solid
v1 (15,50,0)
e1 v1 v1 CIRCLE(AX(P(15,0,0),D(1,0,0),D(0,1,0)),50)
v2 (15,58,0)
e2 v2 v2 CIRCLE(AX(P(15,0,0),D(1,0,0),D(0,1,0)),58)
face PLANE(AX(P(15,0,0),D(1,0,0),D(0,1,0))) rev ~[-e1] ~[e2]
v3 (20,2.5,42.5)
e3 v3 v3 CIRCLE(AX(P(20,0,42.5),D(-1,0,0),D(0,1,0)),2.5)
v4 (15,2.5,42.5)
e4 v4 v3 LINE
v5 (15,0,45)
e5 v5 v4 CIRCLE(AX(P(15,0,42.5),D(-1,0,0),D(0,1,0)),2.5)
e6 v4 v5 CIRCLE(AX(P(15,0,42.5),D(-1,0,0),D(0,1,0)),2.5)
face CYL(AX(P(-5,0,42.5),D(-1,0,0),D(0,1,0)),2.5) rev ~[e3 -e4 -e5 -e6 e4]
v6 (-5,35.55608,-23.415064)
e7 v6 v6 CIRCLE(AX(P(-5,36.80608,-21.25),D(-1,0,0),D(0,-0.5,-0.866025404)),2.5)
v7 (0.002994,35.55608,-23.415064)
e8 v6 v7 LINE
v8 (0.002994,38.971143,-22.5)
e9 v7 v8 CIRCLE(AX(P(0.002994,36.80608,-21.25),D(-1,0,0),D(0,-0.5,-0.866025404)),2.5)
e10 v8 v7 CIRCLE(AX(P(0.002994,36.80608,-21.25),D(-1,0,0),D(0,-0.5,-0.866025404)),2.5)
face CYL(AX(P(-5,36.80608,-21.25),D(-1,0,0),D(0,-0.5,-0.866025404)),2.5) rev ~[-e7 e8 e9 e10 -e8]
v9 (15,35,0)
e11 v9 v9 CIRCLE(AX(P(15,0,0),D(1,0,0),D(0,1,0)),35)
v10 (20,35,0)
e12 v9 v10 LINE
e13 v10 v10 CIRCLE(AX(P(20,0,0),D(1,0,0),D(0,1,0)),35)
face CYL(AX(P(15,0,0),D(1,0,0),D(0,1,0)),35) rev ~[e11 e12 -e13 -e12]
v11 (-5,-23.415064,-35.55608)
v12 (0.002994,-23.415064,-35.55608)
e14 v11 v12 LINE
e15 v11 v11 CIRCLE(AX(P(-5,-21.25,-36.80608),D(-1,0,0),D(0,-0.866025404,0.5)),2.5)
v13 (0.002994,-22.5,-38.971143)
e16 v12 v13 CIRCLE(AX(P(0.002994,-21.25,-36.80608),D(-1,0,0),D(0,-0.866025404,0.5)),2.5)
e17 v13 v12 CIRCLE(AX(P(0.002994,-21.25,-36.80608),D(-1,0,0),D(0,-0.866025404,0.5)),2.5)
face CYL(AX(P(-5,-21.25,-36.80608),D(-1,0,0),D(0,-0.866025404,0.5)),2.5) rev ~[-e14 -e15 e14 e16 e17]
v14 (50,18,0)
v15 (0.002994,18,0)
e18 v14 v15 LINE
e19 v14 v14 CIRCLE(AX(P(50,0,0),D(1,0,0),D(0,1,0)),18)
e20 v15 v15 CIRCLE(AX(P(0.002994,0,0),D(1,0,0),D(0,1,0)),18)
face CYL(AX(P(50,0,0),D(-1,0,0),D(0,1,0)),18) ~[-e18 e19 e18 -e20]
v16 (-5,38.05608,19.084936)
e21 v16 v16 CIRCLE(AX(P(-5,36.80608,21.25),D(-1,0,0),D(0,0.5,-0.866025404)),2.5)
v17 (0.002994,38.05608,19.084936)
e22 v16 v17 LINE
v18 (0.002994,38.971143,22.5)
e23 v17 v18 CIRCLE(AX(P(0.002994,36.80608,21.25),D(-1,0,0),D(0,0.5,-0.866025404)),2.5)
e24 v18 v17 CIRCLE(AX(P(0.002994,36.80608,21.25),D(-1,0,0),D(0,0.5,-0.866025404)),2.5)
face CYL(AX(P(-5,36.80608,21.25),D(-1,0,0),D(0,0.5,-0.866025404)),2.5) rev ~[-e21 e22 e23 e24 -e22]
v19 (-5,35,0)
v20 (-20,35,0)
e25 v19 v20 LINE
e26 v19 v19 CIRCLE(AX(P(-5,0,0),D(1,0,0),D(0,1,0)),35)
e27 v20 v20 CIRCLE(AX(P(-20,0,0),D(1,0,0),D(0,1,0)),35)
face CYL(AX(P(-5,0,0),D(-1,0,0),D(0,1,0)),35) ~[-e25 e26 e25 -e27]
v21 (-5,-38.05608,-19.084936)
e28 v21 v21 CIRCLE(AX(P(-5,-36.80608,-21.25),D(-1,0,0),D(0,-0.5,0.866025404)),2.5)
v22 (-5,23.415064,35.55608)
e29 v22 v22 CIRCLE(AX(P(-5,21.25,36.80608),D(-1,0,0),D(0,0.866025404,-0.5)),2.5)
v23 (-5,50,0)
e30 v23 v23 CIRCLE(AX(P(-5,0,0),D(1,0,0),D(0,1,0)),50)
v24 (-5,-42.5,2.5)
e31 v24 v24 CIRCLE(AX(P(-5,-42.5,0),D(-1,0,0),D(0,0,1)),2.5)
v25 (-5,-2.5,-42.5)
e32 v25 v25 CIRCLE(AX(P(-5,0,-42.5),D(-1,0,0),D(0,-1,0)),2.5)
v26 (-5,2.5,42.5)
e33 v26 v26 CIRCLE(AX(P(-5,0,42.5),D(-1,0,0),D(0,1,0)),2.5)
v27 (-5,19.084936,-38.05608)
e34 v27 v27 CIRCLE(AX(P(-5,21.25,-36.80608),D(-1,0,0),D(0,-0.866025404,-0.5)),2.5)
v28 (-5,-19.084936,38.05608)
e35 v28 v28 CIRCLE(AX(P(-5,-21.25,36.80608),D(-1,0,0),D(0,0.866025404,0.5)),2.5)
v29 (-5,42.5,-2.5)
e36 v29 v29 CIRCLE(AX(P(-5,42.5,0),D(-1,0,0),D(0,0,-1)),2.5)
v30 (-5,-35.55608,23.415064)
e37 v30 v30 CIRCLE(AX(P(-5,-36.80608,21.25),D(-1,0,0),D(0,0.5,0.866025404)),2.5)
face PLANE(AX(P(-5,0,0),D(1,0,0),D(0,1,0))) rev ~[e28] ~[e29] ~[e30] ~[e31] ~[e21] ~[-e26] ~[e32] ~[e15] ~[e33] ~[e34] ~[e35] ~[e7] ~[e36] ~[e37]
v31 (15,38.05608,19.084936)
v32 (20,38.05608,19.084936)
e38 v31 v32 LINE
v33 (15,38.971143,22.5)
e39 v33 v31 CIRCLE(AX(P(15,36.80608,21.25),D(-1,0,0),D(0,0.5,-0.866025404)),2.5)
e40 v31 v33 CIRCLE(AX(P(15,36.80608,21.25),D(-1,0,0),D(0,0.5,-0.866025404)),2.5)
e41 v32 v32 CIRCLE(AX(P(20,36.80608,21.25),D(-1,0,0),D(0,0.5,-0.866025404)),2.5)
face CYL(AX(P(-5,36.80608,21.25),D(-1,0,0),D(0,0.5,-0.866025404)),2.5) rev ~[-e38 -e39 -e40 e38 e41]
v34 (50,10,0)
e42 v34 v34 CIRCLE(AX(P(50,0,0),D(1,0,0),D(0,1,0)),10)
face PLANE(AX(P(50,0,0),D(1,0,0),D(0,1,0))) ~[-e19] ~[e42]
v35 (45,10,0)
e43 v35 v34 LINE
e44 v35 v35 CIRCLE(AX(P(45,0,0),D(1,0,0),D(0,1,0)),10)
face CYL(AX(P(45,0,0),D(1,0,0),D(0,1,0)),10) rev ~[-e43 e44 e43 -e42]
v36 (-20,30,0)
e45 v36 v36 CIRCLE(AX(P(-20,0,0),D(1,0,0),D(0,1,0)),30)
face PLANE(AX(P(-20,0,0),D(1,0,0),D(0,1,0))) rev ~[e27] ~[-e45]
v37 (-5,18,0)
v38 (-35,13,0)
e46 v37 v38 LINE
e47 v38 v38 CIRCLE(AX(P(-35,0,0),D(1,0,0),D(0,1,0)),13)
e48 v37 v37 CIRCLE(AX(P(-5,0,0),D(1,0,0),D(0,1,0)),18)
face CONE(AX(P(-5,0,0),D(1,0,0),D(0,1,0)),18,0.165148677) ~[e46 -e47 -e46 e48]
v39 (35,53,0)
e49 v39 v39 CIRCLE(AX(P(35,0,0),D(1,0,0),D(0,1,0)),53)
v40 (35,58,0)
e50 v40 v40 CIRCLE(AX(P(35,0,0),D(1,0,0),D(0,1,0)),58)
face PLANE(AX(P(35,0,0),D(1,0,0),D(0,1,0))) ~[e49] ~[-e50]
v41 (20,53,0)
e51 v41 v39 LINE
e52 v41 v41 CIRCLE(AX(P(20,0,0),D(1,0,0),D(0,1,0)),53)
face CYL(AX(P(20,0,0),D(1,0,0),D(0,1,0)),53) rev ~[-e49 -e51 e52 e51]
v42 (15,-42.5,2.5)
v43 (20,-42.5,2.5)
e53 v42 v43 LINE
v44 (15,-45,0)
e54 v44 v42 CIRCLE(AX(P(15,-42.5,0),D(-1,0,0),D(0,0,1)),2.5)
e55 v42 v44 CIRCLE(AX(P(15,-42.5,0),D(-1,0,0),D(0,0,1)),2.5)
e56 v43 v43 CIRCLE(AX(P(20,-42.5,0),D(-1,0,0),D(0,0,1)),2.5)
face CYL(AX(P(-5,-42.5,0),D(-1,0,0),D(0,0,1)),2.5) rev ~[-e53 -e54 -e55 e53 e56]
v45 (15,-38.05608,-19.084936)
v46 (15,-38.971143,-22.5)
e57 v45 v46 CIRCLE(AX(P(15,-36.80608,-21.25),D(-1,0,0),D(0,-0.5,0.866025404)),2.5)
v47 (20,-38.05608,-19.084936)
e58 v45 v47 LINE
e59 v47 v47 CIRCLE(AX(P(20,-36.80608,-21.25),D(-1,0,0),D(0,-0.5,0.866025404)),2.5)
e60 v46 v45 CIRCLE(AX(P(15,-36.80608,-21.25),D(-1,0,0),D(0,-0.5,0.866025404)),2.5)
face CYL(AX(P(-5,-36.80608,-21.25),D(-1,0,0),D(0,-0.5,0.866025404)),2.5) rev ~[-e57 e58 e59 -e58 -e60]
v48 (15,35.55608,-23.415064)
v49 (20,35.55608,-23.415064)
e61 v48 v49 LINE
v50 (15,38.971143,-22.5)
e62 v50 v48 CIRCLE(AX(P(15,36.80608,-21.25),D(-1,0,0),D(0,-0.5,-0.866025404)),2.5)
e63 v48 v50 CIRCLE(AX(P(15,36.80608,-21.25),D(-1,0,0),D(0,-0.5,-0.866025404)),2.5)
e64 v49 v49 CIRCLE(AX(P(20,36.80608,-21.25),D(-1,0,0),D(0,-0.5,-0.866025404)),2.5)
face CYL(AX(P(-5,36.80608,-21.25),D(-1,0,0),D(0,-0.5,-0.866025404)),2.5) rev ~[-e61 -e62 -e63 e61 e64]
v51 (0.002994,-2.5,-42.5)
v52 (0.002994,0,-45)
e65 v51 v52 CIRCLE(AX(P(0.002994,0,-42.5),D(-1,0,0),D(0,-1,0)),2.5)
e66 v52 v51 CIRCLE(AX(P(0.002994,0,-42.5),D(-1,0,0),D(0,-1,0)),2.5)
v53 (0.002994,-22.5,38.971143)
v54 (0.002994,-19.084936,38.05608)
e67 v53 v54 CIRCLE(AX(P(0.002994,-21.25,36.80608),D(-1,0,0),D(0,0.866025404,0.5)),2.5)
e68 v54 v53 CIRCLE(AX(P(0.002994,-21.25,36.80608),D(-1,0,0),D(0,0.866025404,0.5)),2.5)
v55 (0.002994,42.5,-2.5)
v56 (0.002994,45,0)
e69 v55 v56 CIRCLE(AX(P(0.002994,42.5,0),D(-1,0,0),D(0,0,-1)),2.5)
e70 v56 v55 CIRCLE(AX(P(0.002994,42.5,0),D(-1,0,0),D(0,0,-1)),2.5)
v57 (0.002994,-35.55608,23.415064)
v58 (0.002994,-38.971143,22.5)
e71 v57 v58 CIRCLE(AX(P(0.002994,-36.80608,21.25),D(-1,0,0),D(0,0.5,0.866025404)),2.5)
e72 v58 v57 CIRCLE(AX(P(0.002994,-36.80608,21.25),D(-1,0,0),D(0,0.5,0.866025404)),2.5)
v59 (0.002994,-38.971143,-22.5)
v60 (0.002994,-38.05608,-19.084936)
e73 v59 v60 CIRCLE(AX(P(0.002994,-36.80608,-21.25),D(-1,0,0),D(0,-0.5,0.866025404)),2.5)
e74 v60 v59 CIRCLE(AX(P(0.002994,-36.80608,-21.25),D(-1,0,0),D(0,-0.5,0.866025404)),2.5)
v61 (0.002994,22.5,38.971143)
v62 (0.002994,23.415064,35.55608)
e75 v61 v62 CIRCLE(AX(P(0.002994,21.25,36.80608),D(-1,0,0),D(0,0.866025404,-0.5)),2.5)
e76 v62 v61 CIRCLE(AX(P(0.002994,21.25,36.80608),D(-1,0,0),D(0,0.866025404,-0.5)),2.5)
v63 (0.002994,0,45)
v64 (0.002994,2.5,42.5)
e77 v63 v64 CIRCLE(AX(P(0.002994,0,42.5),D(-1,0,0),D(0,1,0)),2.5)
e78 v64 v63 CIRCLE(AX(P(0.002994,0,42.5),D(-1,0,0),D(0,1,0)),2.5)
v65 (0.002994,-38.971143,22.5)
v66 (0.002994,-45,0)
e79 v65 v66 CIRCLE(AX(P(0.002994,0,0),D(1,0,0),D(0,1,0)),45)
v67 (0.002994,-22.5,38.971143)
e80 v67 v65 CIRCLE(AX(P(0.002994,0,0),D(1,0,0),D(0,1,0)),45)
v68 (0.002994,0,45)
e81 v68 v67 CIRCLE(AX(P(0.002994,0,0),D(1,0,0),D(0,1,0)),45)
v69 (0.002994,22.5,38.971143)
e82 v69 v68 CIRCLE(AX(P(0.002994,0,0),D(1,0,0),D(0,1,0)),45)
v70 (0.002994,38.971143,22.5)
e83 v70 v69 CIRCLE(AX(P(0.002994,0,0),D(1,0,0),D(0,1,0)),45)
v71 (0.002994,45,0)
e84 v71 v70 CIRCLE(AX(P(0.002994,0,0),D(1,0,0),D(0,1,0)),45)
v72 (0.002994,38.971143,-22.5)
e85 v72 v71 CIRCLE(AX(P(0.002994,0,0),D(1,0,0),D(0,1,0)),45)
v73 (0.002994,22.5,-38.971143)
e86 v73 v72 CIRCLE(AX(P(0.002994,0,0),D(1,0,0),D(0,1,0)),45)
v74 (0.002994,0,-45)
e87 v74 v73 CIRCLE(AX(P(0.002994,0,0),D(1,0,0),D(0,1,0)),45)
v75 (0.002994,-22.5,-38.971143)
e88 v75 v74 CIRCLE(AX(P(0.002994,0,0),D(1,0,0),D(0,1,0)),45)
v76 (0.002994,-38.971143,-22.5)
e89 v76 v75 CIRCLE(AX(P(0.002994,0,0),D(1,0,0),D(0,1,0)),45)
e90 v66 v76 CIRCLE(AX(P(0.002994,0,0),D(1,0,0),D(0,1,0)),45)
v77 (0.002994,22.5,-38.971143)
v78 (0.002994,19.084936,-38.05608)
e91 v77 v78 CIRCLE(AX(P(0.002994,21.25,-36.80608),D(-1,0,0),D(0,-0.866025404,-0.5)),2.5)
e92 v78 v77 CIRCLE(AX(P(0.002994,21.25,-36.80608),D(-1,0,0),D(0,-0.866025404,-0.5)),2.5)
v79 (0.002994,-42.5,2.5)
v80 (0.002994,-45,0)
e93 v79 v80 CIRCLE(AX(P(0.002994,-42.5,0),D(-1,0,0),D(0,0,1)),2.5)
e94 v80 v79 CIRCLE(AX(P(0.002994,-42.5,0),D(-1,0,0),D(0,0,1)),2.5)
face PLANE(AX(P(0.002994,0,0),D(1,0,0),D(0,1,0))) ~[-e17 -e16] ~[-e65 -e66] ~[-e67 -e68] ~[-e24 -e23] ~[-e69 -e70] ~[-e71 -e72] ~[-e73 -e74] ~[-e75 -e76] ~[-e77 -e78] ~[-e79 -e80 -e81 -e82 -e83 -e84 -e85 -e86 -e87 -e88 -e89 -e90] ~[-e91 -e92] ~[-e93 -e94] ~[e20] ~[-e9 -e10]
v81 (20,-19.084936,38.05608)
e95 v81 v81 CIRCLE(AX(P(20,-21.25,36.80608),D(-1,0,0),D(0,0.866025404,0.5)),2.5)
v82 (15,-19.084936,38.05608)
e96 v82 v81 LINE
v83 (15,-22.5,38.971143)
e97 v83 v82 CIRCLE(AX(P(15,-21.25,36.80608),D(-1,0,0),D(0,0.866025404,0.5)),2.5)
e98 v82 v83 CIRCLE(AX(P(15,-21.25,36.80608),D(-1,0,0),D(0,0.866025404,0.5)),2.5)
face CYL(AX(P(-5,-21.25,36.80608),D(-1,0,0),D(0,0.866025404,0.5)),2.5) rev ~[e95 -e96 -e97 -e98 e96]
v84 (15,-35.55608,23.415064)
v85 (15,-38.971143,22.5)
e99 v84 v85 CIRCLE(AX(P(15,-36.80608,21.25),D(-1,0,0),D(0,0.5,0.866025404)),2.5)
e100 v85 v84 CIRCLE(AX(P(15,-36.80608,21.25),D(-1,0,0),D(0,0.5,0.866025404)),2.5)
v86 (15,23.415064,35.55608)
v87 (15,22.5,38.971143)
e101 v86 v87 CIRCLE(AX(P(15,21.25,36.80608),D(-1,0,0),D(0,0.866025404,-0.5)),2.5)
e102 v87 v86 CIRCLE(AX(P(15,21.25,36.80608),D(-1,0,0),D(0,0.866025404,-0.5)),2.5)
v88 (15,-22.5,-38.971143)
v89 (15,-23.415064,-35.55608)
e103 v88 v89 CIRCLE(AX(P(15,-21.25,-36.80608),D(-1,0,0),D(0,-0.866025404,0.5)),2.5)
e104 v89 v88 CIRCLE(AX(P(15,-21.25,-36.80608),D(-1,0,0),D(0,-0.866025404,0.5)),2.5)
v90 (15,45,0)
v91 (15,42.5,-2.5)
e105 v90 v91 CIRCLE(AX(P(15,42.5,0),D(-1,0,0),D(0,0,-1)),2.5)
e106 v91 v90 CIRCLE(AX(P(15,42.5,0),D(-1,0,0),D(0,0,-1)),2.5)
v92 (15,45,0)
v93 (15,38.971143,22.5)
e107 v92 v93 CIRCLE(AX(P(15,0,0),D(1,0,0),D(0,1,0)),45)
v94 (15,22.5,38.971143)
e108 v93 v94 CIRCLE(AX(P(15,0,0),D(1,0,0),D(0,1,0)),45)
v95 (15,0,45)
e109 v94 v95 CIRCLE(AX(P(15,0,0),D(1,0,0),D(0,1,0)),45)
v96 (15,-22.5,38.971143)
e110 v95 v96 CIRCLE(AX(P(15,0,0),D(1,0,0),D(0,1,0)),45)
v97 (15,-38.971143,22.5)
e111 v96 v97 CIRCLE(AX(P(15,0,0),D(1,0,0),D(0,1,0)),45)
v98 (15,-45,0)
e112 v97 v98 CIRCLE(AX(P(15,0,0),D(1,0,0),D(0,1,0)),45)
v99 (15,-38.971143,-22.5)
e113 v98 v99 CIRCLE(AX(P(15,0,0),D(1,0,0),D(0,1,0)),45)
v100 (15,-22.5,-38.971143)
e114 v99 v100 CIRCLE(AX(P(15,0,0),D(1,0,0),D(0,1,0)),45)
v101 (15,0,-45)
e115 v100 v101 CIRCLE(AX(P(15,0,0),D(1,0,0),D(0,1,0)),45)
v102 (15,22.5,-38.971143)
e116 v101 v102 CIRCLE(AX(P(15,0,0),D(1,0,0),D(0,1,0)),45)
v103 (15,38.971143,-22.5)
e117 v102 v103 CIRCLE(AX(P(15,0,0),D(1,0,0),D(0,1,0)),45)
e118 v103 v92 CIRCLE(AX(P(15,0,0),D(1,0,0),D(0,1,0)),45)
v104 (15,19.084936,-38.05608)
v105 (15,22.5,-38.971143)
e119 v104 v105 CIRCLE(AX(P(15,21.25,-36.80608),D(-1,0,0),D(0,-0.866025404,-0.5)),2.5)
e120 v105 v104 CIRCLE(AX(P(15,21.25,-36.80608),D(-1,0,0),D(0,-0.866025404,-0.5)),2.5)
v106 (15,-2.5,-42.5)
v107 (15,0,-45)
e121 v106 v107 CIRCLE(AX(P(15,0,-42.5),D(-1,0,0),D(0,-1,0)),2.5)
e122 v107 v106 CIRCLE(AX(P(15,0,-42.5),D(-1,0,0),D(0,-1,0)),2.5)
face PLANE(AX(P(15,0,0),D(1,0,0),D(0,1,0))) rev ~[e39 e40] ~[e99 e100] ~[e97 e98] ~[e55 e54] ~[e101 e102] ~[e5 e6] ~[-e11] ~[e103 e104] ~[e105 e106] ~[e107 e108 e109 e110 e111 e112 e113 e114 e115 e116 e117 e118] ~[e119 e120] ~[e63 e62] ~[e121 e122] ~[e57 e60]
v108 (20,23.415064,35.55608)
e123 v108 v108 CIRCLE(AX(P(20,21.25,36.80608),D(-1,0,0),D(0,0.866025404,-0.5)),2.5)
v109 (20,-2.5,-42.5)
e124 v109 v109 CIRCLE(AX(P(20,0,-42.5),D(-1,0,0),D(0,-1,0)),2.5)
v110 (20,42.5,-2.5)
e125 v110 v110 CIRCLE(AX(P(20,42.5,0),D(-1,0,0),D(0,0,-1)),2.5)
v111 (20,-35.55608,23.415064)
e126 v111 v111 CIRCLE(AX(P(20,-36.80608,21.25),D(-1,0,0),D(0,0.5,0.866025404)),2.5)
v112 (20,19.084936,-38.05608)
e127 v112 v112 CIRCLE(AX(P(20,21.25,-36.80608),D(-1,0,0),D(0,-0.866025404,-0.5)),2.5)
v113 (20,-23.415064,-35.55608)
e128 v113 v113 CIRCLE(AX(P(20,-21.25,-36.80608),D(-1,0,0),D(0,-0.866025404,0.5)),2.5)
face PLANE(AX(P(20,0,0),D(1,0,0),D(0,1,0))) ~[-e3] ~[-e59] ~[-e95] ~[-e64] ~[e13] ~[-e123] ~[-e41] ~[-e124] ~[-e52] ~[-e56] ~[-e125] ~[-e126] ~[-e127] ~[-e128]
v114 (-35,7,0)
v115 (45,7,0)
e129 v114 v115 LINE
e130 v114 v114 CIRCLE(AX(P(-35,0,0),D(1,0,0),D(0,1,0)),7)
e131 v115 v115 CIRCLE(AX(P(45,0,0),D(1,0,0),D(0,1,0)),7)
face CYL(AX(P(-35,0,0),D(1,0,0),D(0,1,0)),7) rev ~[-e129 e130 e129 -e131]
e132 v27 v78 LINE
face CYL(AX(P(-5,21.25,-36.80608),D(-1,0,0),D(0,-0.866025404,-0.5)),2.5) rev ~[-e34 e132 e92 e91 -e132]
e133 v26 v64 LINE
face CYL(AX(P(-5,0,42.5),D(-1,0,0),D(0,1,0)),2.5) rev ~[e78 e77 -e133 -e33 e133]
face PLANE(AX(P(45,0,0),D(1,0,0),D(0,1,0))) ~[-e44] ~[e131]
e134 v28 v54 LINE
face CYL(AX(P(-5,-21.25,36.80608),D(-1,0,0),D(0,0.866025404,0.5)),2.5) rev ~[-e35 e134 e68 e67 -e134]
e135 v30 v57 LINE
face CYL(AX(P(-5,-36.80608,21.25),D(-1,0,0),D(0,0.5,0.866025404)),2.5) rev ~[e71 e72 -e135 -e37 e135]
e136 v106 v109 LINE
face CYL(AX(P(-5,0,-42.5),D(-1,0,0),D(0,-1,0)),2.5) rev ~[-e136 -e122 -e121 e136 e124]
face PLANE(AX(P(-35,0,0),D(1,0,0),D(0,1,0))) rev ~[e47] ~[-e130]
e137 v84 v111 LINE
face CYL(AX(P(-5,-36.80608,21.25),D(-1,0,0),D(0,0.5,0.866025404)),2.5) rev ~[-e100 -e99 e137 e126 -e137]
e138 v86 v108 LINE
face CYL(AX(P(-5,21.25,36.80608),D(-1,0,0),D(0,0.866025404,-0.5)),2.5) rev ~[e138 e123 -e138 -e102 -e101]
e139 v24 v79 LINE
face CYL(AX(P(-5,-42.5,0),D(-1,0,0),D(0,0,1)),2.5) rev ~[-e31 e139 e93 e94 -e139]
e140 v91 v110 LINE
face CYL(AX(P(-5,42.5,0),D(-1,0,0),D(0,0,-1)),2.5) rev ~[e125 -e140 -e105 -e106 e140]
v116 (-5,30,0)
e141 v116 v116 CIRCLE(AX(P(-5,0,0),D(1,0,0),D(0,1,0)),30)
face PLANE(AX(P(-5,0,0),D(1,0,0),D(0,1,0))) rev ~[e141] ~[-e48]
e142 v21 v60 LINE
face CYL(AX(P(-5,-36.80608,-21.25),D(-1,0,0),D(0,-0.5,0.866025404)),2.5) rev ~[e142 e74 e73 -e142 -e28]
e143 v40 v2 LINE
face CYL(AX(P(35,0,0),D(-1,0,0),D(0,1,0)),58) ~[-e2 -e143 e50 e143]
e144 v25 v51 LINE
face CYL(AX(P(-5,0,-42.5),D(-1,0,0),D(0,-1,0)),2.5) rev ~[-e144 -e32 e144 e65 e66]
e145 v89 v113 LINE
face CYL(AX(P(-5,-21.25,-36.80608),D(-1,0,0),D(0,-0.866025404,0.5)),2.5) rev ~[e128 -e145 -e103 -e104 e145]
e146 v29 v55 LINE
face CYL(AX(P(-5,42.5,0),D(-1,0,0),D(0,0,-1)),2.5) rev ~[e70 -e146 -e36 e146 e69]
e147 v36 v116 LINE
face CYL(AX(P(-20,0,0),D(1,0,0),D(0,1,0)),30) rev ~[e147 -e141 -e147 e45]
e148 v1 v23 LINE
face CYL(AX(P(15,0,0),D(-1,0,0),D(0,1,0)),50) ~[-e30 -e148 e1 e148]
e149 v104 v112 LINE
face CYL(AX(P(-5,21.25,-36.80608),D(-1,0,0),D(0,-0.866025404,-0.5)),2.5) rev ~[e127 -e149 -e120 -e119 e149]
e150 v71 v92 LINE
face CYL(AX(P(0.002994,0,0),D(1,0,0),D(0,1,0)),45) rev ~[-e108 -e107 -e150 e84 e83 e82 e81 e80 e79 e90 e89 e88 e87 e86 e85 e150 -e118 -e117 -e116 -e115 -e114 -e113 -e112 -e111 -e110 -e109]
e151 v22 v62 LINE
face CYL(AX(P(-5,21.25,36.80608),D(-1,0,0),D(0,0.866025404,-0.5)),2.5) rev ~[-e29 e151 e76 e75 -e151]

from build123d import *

# Parameters (mm, degrees)
SCHIZZO2_R                  = 2.5
TAGLIO_ESTRUSIONE1_DEPTH    = 56
RIPETIZIONECIRCOLARE1_COUNT = 12


with BuildPart() as part:
    # Schizzo1 → Rivoluzione1 (revolve)
    with BuildSketch(Plane.XY):
        Polygon((-35, 7), (45, 7), (45, 10), (50, 10), (50, 18), (0.0029942, 18), (0.0029942, 45), (15, 45), (15, 35), (20, 35), (20, 53), (35, 53), (35, 58), (15, 58), (15, 50), (-5, 50), (-5, 35), (-20, 35), (-20, 30), (-5, 30), (-5, 18), (-35, 13), align=None)
    revolve(axis=Axis((-44.939802223, 0, 0), (1, 0, 0)))

    # Schizzo2 → Taglio-Estrusione1 (cut, through all)
    with BuildSketch(Plane.ZY.offset(5)):
        with Locations((0, -42.5)):
            Circle(SCHIZZO2_R)
    taglio_estrusione1 = extrude(amount=-TAGLIO_ESTRUSIONE1_DEPTH, mode=Mode.SUBTRACT)

    # RipetizioneCircolare1: Taglio-Estrusione1 ×12 about axis
    ripetizionecircolare1_axis = Axis((0, 0, 0), (1, 0, 0))
    for i in range(1, RIPETIZIONECIRCOLARE1_COUNT):
        add(taglio_estrusione1.rotate(ripetizionecircolare1_axis, i * 360 / RIPETIZIONECIRCOLARE1_COUNT), mode=Mode.SUBTRACT)


solid = part.part
